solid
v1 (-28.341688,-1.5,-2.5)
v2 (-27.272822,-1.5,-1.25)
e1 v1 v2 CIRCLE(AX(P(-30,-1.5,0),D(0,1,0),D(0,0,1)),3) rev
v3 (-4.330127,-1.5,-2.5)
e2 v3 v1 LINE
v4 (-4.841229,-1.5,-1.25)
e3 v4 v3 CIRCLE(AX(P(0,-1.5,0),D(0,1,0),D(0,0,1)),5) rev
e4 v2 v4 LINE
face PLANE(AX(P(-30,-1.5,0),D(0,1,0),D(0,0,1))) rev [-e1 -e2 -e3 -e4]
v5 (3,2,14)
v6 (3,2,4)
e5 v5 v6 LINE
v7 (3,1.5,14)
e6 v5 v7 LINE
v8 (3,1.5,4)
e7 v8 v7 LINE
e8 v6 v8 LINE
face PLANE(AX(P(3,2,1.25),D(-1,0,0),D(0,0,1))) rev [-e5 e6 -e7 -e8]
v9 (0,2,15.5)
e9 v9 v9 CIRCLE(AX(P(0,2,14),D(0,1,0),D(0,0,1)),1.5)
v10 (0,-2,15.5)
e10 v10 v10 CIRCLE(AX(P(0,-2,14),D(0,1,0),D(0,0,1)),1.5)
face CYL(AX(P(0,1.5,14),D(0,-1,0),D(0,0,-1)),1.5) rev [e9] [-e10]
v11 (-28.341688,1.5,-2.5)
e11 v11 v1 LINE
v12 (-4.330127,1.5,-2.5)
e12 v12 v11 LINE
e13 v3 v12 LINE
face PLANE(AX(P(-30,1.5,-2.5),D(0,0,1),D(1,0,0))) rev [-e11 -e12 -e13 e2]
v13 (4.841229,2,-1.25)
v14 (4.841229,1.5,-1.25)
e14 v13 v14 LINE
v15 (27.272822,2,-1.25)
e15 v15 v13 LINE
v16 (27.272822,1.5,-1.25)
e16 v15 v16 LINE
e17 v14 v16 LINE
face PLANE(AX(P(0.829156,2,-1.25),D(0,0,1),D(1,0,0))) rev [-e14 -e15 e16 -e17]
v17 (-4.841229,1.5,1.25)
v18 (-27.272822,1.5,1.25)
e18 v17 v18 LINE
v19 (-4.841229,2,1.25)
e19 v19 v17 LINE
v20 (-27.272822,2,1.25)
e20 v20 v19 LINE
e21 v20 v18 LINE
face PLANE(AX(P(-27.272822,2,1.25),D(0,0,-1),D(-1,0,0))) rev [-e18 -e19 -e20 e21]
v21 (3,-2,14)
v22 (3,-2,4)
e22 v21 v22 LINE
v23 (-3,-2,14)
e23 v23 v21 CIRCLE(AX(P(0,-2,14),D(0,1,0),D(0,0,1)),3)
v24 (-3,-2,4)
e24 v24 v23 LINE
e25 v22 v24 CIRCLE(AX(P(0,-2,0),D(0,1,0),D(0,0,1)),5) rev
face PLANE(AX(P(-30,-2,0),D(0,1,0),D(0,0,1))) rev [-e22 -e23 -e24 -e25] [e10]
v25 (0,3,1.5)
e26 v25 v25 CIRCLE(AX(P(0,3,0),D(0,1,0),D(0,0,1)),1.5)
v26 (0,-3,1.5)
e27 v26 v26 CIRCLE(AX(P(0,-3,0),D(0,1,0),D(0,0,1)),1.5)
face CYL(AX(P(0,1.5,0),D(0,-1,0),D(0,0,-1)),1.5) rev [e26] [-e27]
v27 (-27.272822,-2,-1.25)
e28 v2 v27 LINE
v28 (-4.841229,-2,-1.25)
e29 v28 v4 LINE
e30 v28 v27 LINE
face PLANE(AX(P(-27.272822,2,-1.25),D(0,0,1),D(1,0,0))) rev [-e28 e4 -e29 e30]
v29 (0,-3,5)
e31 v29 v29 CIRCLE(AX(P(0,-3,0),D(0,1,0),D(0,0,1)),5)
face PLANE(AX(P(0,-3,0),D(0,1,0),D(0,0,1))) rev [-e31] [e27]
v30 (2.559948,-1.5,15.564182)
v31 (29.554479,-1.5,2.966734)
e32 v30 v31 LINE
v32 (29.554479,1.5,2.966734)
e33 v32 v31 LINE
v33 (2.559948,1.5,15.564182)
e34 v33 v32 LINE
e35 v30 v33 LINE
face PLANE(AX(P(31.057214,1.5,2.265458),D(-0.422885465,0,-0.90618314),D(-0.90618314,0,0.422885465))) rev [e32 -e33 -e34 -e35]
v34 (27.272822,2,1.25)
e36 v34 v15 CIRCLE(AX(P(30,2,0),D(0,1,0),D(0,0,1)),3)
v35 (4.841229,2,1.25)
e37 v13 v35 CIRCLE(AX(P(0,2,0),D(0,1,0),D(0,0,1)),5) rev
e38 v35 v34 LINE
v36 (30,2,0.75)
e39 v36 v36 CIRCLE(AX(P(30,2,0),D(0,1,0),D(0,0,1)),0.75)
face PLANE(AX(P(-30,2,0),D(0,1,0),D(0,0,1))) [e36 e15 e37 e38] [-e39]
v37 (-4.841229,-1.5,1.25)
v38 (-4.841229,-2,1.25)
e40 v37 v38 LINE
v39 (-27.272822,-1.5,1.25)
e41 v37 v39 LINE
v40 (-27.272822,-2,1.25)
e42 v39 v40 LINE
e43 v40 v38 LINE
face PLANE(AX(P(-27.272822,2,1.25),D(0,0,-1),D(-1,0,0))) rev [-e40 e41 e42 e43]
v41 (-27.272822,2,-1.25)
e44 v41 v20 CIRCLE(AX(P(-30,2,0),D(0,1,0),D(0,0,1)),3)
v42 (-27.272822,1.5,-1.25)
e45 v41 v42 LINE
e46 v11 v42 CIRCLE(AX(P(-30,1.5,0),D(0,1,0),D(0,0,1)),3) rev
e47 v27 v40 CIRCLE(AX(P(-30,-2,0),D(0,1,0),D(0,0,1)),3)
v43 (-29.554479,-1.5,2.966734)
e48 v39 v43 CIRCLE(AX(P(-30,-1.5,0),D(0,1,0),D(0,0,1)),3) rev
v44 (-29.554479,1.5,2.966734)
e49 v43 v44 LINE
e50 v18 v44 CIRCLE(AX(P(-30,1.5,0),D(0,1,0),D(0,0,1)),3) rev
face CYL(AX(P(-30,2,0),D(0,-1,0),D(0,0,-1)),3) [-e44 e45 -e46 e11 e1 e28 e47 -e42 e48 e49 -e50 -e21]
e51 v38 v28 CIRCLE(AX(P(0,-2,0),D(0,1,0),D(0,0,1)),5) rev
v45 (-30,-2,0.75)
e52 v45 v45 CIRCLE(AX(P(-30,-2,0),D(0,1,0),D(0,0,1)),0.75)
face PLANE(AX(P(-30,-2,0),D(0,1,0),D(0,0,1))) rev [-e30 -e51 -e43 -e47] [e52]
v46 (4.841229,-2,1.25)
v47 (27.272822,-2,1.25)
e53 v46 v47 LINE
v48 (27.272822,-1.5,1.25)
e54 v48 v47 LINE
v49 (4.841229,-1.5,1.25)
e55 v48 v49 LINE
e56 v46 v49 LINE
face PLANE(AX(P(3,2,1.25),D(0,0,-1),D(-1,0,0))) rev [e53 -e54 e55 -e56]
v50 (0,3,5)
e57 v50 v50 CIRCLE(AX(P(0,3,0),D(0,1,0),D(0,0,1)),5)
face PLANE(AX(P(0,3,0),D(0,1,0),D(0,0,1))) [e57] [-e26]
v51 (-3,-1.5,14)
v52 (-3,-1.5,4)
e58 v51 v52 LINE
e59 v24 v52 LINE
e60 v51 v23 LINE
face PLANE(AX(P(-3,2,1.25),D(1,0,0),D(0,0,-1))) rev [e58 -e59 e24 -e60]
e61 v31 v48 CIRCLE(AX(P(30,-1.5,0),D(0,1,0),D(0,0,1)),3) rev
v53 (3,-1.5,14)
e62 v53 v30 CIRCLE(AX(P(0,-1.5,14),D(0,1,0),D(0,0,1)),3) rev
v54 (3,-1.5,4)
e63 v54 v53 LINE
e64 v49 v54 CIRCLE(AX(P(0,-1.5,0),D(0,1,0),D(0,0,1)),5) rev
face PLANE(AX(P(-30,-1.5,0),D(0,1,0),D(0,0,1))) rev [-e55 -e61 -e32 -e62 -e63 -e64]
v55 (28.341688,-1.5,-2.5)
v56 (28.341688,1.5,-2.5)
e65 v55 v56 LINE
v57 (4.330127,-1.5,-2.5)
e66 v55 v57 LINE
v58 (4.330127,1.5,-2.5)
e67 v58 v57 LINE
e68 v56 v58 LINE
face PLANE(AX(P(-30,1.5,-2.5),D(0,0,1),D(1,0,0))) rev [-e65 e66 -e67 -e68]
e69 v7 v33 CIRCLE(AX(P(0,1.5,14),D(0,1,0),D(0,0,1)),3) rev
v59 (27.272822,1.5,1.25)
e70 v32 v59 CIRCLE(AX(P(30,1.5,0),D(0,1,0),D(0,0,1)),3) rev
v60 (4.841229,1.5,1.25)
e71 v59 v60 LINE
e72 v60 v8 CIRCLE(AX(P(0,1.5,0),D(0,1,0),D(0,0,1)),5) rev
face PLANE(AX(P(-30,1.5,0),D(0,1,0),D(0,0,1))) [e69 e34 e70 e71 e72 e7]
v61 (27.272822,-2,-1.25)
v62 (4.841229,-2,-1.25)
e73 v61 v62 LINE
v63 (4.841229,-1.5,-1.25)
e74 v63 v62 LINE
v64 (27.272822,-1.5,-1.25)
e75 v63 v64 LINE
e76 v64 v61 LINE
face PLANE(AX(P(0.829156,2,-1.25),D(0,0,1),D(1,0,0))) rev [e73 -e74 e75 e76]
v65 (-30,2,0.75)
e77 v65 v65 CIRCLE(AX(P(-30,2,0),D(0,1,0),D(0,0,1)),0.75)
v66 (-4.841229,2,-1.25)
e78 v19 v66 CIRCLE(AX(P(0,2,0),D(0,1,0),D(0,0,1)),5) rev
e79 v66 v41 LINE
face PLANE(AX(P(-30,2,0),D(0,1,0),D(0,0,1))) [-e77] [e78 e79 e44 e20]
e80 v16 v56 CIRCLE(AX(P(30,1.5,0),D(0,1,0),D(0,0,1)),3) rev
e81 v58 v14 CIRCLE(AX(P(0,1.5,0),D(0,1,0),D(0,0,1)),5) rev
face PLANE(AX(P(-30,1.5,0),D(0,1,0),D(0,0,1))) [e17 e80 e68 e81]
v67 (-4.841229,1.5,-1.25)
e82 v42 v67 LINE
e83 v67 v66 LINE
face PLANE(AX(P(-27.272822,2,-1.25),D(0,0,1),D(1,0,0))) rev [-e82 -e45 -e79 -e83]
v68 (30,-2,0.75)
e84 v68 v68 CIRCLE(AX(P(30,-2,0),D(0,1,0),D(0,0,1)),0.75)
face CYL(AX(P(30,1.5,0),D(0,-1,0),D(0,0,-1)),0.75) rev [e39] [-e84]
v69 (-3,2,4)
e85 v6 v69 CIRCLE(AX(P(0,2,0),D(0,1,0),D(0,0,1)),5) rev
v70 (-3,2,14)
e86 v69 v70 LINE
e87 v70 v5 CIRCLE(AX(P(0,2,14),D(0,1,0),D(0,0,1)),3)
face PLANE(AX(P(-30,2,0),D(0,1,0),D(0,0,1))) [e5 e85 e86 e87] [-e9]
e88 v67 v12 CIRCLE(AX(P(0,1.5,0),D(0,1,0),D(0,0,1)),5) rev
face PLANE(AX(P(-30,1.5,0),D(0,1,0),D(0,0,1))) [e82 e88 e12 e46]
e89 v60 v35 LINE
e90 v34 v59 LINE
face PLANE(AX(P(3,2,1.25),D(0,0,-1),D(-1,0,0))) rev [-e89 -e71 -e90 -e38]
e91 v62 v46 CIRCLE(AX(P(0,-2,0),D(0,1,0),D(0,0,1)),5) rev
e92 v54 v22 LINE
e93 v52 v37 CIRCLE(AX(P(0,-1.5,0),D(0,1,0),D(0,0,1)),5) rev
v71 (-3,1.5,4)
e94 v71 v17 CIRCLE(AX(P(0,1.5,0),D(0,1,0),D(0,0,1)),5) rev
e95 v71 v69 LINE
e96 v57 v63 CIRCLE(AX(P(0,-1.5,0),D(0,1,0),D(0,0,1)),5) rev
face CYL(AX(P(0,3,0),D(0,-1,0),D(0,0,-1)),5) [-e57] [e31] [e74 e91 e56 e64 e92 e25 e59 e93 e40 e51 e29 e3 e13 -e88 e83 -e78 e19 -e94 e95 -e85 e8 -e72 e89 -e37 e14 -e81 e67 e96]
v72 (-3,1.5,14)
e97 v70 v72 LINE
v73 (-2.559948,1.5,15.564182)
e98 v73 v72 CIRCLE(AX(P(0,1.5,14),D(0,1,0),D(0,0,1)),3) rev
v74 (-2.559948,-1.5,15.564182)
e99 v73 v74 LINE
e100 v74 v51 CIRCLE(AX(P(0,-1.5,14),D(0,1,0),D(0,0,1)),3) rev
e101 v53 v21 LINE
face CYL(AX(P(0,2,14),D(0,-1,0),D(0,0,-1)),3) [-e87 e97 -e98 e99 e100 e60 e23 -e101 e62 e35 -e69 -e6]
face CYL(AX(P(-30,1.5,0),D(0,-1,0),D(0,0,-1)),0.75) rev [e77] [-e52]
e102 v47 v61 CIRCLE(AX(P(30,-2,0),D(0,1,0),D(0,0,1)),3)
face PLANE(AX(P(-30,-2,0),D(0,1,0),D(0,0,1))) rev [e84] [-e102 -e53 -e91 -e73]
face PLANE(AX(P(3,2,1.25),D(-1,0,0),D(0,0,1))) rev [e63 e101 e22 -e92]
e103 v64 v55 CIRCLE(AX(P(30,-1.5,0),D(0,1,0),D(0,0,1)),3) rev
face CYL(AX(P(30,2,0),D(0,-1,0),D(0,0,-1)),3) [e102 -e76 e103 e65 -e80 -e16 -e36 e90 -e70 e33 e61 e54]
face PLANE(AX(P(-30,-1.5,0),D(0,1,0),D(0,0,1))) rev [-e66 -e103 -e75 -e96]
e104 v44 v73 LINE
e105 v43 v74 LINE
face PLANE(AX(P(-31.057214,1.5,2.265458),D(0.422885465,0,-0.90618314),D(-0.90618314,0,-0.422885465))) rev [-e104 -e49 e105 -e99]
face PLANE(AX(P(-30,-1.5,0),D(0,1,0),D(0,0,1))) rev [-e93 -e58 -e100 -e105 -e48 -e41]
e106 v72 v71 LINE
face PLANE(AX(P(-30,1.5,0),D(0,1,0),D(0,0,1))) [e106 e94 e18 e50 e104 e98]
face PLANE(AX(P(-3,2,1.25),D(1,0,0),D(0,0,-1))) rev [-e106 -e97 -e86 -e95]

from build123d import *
from build123d.topology import SkipClean

# Parameters (mm, degrees)
SKETCH1_R      = 0.75
SKETCH1_R_2    = 1.5
EXTRUDE1_DEPTH = 1.5
SKETCH2_R      = 0.75
SKETCH2_R_2    = 1.5
EXTRUDE2_DEPTH = 2
SKETCH3_R      = 5
SKETCH3_R_2    = 1.5
EXTRUDE3_DEPTH = 3


with BuildPart() as part:
    # Sketch1 → Extrude1 (new body, symmetric)
    with BuildSketch(Plane(origin=(0, 0, 0), x_dir=(1, 0, 0), z_dir=(0, 1, 0))):
        with BuildLine():
            Line((-30, 2.5), (30, 2.5))
            ThreePointArc((30, 2.5), (32.440660221, 0.541458851), (31.057213663, -2.26545785))
            Line((31.057213663, -2.26545785), (1.057213663, -16.26545785))
            ThreePointArc((1.057213663, -16.26545785), (0, -16.5), (-1.057213663, -16.26545785))
            Line((-1.057213663, -16.26545785), (-31.057213663, -2.26545785))
            ThreePointArc((-31.057213663, -2.26545785), (-32.440660221, 0.541458851), (-30, 2.5))
        make_face()
        with Locations(Location((30, 0, 0), (0, 0, 270))):  # turned: the seam where the file's is
            Circle(SKETCH1_R, mode=Mode.SUBTRACT)
        with Locations(Location((-30, 0, 0), (0, 0, 270))):  # turned: the seam where the file's is
            Circle(SKETCH1_R, mode=Mode.SUBTRACT)
        with Locations(Location((0, -14, 0), (0, 0, 270))):  # turned: the seam where the file's is
            Circle(SKETCH1_R_2, mode=Mode.SUBTRACT)
        with Locations(Location((0, 0, 0), (0, 0, 270))):  # turned: the seam where the file's is
            Circle(SKETCH1_R_2, mode=Mode.SUBTRACT)
    extrude(amount=EXTRUDE1_DEPTH, both=True)

    # Sketch2 → Extrude2 (add, symmetric)
    with SkipClean():  # keep this step's faces unmerged: merging them makes the solid invalid here
        with BuildSketch(Plane(origin=(0, 0, 0), x_dir=(1, 0, 0), z_dir=(0, 1, 0))):
            with BuildLine():
                Line((-27.272821971, 1.25), (-0.829156198, 1.25))
                ThreePointArc((-0.829156198, 1.25), (0, -1.5), (0.829156198, 1.25))
                Line((0.829156198, 1.25), (27.272821971, 1.25))
                ThreePointArc((27.272821971, 1.25), (33, 0), (27.272821971, -1.25))
                Line((27.272821971, -1.25), (3, -1.25))
                Line((3, -1.25), (3, -14))
                ThreePointArc((3, -14), (0, -17), (-3, -14))
                Line((-3, -14), (-3, -1.25))
                Line((-3, -1.25), (-27.272821971, -1.25))
                ThreePointArc((-27.272821971, -1.25), (-33, 0), (-27.272821971, 1.25))
            make_face()
            with Locations(Location((30, 0, 0), (0, 0, 270))):  # turned: the seam where the file's is
                Circle(SKETCH2_R, mode=Mode.SUBTRACT)
            with Locations(Location((0, -14, 0), (0, 0, 270))):  # turned: the seam where the file's is
                Circle(SKETCH2_R_2, mode=Mode.SUBTRACT)
            with Locations(Location((-30, 0, 0), (0, 0, 270))):  # turned: the seam where the file's is
                Circle(SKETCH2_R, mode=Mode.SUBTRACT)
        extrude(amount=EXTRUDE2_DEPTH, both=True)

    # Sketch3 → Extrude3 (add, symmetric)
    with SkipClean():  # keep this step's faces unmerged: merging them makes the solid invalid here
        with BuildSketch(Plane(origin=(0, 0, 0), x_dir=(1, 0, 0), z_dir=(0, 1, 0))):
            with Locations(Location((0, 0, 0), (0, 0, 270))):  # turned: the seam where the file's is
                Circle(SKETCH3_R)
            with Locations(Location((0, 0, 0), (0, 0, 270))):  # turned: the seam where the file's is
                Circle(SKETCH3_R_2, mode=Mode.SUBTRACT)
        extrude(amount=EXTRUDE3_DEPTH, both=True)


solid = part.part
